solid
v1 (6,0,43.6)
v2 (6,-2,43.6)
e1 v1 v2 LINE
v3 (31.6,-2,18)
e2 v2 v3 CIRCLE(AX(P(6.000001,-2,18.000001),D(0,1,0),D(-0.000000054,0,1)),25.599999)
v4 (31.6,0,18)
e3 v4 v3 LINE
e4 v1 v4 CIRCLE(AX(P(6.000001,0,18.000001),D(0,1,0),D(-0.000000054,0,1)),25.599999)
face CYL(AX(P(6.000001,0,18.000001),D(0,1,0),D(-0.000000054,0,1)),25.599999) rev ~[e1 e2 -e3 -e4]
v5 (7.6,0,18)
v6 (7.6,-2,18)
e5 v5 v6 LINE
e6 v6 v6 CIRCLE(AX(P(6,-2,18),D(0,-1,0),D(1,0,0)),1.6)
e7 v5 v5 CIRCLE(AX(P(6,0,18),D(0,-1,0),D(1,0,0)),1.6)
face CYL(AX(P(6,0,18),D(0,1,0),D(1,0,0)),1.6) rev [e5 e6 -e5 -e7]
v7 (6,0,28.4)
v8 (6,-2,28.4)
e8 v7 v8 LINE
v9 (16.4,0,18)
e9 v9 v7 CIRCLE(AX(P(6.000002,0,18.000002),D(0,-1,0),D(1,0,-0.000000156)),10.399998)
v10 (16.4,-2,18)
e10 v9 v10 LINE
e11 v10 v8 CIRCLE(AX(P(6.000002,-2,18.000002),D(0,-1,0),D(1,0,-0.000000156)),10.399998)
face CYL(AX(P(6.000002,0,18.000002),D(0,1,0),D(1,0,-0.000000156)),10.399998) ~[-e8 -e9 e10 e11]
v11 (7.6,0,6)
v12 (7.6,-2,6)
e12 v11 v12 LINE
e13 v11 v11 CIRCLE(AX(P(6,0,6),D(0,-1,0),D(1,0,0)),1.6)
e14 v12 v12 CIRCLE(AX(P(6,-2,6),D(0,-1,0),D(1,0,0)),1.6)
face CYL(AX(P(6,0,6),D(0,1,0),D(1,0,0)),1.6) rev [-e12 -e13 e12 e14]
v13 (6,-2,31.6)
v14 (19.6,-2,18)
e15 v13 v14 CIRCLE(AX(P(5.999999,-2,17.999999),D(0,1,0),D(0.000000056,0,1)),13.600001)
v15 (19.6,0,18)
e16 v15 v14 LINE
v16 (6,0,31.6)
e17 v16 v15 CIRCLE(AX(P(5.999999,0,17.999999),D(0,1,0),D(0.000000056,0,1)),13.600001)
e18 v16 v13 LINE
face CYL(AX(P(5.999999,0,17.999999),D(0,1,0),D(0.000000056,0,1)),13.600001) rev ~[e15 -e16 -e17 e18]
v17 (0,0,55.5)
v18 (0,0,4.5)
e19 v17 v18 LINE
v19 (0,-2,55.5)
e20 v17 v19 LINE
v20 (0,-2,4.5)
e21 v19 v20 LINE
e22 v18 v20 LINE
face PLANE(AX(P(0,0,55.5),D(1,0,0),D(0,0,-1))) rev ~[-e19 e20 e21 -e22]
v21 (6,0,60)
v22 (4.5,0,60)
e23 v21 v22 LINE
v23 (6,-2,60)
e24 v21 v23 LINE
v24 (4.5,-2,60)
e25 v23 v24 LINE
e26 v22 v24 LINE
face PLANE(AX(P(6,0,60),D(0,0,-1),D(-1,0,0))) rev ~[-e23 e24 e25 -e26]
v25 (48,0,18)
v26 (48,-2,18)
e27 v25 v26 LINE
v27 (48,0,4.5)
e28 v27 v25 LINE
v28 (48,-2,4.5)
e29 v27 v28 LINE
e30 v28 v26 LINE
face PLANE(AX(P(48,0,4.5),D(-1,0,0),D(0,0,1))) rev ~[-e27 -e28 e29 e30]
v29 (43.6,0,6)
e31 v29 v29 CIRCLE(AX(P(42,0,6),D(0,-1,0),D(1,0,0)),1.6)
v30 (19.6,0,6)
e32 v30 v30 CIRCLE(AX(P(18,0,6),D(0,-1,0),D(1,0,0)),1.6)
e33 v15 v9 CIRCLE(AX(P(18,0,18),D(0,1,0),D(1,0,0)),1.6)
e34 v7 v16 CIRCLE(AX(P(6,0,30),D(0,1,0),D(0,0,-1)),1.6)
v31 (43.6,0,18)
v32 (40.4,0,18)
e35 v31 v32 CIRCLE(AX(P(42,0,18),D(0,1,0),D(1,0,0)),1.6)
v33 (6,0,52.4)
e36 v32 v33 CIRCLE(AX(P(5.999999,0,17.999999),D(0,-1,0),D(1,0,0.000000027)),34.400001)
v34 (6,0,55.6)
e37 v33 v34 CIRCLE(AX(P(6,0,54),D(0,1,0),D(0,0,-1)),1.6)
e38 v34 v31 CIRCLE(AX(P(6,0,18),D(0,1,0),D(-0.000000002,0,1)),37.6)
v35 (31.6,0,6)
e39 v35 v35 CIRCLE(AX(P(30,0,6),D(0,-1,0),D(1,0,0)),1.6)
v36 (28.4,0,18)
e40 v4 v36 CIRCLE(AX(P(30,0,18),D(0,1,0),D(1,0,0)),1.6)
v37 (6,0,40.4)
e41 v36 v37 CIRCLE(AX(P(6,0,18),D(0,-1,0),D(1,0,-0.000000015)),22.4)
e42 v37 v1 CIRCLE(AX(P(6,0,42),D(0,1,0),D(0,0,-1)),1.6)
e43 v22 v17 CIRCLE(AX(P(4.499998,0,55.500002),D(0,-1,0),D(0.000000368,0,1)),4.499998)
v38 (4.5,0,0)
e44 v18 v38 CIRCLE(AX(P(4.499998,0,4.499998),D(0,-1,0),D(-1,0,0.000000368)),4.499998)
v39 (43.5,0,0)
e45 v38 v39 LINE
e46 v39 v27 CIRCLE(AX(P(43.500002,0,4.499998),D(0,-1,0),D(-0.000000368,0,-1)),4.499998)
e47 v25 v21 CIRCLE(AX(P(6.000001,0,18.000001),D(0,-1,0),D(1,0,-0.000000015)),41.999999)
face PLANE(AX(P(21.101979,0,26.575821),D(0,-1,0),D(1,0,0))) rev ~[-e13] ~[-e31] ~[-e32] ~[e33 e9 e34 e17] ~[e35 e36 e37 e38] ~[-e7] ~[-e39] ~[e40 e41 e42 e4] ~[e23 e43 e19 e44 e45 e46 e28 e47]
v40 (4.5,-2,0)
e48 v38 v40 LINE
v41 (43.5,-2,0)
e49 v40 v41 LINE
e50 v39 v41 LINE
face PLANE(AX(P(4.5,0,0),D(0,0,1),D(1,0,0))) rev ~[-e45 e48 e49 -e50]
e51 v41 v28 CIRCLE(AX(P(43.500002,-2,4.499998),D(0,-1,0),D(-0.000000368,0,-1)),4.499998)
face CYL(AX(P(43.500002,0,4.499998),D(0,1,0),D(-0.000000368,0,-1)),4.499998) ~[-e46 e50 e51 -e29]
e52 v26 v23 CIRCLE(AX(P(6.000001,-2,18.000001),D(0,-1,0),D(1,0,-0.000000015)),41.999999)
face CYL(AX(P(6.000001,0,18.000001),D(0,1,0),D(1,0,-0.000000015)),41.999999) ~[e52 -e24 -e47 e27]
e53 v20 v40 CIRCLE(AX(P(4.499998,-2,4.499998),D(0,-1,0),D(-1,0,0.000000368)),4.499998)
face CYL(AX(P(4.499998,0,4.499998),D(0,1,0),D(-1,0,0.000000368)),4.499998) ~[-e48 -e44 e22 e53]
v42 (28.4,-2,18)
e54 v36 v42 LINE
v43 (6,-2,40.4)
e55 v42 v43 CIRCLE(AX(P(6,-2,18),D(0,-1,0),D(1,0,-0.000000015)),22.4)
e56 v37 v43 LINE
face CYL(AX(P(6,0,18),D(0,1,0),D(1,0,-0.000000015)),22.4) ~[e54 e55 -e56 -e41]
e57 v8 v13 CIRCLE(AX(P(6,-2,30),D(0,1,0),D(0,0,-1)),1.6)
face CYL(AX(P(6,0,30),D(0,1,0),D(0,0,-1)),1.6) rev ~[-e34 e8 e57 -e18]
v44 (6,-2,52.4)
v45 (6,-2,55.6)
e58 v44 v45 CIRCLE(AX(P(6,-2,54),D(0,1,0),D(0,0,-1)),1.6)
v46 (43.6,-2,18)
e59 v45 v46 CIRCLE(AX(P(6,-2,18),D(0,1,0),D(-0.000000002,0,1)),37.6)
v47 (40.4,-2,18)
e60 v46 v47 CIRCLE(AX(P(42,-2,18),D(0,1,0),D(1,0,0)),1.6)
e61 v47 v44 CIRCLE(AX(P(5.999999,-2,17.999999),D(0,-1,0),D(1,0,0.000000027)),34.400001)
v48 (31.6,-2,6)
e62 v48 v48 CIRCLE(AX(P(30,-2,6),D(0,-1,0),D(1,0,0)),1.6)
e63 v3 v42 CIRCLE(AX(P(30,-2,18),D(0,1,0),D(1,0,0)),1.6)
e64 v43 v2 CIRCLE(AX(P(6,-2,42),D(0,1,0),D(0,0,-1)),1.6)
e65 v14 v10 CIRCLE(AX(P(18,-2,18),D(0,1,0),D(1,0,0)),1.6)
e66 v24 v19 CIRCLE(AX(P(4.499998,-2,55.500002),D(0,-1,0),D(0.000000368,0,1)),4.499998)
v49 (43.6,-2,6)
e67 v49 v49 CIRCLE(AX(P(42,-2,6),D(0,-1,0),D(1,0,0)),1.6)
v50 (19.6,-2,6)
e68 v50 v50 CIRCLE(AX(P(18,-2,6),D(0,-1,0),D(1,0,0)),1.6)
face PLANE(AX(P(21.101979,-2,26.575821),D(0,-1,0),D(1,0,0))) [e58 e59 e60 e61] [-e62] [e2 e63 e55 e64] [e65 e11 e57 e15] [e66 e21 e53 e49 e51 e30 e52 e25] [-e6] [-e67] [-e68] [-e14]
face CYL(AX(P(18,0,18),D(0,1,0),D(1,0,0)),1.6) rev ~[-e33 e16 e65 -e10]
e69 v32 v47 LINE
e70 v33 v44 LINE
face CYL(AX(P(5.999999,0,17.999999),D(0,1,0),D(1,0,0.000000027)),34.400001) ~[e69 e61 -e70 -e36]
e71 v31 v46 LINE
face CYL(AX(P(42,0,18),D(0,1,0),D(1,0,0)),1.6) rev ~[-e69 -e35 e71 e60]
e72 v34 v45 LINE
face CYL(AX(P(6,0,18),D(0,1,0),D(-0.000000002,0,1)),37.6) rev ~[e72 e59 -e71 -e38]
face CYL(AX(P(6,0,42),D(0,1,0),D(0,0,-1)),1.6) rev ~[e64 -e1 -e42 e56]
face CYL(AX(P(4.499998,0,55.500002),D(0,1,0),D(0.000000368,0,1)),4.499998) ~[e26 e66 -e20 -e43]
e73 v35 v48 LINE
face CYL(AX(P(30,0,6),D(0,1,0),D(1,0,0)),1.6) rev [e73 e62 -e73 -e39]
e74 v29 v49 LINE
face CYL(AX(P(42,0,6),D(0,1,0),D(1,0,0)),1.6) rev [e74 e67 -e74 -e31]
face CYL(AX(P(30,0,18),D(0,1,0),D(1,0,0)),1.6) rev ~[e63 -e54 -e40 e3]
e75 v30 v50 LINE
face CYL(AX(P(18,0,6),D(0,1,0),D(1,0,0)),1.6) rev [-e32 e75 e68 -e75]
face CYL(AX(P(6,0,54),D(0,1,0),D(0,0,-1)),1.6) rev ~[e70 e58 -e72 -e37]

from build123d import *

# Parameters (mm, degrees)
F0_R     = 1.6
F1_DEPTH = 2


with BuildPart() as f1:
    # F0 (on Front) → F1 (new body)
    with BuildSketch(Plane.XZ):
        with BuildLine():
            ThreePointArc((0, 4.5), (1.318019, 1.318019), (4.5, 0))
            Line((4.5, 0), (43.5, 0))
            ThreePointArc((43.5, 0), (46.681981, 1.318019), (48, 4.5))
            Line((48, 4.5), (48, 18))
            ThreePointArc((48, 18), (35.698485, 47.698485), (6, 60))
            Line((6, 60), (4.5, 60))
            ThreePointArc((4.5, 60), (1.318019, 58.681981), (0, 55.5))
            Line((0, 55.5), (0, 4.5))
        make_face()
        with Locations((6, 6)):
            Circle(F0_R, mode=Mode.SUBTRACT)
        with Locations((18, 6)):
            Circle(F0_R, mode=Mode.SUBTRACT)
        with Locations((6, 18)):
            Circle(F0_R, mode=Mode.SUBTRACT)
        with BuildLine():
            ThreePointArc((16.4, 18), (13.353911, 25.353911), (6, 28.4))
            ThreePointArc((6, 28.4), (4.4, 30), (6, 31.6))
            ThreePointArc((6, 31.6), (15.616652, 27.616652), (19.6, 18))
            ThreePointArc((19.6, 18), (18, 16.4), (16.4, 18))
        make_face(mode=Mode.SUBTRACT)
        with Locations((30, 6)):
            Circle(F0_R, mode=Mode.SUBTRACT)
        with Locations((42, 6)):
            Circle(F0_R, mode=Mode.SUBTRACT)
        with BuildLine():
            ThreePointArc((28.4, 18), (21.839192, 33.839192), (6, 40.4))
            ThreePointArc((6, 40.4), (4.4, 42), (6, 43.6))
            ThreePointArc((6, 43.6), (24.101934, 36.101934), (31.6, 18))
            ThreePointArc((31.6, 18), (30, 16.4), (28.4, 18))
        make_face(mode=Mode.SUBTRACT)
        with BuildLine():
            ThreePointArc((40.4, 18), (30.324473, 42.324473), (6, 52.4))
            ThreePointArc((6, 52.4), (4.4, 54), (6, 55.6))
            ThreePointArc((6, 55.6), (32.587215, 44.587215), (43.6, 18))
            ThreePointArc((43.6, 18), (42, 16.4), (40.4, 18))
        make_face(mode=Mode.SUBTRACT)
    extrude(amount=F1_DEPTH)


solid = f1.part
